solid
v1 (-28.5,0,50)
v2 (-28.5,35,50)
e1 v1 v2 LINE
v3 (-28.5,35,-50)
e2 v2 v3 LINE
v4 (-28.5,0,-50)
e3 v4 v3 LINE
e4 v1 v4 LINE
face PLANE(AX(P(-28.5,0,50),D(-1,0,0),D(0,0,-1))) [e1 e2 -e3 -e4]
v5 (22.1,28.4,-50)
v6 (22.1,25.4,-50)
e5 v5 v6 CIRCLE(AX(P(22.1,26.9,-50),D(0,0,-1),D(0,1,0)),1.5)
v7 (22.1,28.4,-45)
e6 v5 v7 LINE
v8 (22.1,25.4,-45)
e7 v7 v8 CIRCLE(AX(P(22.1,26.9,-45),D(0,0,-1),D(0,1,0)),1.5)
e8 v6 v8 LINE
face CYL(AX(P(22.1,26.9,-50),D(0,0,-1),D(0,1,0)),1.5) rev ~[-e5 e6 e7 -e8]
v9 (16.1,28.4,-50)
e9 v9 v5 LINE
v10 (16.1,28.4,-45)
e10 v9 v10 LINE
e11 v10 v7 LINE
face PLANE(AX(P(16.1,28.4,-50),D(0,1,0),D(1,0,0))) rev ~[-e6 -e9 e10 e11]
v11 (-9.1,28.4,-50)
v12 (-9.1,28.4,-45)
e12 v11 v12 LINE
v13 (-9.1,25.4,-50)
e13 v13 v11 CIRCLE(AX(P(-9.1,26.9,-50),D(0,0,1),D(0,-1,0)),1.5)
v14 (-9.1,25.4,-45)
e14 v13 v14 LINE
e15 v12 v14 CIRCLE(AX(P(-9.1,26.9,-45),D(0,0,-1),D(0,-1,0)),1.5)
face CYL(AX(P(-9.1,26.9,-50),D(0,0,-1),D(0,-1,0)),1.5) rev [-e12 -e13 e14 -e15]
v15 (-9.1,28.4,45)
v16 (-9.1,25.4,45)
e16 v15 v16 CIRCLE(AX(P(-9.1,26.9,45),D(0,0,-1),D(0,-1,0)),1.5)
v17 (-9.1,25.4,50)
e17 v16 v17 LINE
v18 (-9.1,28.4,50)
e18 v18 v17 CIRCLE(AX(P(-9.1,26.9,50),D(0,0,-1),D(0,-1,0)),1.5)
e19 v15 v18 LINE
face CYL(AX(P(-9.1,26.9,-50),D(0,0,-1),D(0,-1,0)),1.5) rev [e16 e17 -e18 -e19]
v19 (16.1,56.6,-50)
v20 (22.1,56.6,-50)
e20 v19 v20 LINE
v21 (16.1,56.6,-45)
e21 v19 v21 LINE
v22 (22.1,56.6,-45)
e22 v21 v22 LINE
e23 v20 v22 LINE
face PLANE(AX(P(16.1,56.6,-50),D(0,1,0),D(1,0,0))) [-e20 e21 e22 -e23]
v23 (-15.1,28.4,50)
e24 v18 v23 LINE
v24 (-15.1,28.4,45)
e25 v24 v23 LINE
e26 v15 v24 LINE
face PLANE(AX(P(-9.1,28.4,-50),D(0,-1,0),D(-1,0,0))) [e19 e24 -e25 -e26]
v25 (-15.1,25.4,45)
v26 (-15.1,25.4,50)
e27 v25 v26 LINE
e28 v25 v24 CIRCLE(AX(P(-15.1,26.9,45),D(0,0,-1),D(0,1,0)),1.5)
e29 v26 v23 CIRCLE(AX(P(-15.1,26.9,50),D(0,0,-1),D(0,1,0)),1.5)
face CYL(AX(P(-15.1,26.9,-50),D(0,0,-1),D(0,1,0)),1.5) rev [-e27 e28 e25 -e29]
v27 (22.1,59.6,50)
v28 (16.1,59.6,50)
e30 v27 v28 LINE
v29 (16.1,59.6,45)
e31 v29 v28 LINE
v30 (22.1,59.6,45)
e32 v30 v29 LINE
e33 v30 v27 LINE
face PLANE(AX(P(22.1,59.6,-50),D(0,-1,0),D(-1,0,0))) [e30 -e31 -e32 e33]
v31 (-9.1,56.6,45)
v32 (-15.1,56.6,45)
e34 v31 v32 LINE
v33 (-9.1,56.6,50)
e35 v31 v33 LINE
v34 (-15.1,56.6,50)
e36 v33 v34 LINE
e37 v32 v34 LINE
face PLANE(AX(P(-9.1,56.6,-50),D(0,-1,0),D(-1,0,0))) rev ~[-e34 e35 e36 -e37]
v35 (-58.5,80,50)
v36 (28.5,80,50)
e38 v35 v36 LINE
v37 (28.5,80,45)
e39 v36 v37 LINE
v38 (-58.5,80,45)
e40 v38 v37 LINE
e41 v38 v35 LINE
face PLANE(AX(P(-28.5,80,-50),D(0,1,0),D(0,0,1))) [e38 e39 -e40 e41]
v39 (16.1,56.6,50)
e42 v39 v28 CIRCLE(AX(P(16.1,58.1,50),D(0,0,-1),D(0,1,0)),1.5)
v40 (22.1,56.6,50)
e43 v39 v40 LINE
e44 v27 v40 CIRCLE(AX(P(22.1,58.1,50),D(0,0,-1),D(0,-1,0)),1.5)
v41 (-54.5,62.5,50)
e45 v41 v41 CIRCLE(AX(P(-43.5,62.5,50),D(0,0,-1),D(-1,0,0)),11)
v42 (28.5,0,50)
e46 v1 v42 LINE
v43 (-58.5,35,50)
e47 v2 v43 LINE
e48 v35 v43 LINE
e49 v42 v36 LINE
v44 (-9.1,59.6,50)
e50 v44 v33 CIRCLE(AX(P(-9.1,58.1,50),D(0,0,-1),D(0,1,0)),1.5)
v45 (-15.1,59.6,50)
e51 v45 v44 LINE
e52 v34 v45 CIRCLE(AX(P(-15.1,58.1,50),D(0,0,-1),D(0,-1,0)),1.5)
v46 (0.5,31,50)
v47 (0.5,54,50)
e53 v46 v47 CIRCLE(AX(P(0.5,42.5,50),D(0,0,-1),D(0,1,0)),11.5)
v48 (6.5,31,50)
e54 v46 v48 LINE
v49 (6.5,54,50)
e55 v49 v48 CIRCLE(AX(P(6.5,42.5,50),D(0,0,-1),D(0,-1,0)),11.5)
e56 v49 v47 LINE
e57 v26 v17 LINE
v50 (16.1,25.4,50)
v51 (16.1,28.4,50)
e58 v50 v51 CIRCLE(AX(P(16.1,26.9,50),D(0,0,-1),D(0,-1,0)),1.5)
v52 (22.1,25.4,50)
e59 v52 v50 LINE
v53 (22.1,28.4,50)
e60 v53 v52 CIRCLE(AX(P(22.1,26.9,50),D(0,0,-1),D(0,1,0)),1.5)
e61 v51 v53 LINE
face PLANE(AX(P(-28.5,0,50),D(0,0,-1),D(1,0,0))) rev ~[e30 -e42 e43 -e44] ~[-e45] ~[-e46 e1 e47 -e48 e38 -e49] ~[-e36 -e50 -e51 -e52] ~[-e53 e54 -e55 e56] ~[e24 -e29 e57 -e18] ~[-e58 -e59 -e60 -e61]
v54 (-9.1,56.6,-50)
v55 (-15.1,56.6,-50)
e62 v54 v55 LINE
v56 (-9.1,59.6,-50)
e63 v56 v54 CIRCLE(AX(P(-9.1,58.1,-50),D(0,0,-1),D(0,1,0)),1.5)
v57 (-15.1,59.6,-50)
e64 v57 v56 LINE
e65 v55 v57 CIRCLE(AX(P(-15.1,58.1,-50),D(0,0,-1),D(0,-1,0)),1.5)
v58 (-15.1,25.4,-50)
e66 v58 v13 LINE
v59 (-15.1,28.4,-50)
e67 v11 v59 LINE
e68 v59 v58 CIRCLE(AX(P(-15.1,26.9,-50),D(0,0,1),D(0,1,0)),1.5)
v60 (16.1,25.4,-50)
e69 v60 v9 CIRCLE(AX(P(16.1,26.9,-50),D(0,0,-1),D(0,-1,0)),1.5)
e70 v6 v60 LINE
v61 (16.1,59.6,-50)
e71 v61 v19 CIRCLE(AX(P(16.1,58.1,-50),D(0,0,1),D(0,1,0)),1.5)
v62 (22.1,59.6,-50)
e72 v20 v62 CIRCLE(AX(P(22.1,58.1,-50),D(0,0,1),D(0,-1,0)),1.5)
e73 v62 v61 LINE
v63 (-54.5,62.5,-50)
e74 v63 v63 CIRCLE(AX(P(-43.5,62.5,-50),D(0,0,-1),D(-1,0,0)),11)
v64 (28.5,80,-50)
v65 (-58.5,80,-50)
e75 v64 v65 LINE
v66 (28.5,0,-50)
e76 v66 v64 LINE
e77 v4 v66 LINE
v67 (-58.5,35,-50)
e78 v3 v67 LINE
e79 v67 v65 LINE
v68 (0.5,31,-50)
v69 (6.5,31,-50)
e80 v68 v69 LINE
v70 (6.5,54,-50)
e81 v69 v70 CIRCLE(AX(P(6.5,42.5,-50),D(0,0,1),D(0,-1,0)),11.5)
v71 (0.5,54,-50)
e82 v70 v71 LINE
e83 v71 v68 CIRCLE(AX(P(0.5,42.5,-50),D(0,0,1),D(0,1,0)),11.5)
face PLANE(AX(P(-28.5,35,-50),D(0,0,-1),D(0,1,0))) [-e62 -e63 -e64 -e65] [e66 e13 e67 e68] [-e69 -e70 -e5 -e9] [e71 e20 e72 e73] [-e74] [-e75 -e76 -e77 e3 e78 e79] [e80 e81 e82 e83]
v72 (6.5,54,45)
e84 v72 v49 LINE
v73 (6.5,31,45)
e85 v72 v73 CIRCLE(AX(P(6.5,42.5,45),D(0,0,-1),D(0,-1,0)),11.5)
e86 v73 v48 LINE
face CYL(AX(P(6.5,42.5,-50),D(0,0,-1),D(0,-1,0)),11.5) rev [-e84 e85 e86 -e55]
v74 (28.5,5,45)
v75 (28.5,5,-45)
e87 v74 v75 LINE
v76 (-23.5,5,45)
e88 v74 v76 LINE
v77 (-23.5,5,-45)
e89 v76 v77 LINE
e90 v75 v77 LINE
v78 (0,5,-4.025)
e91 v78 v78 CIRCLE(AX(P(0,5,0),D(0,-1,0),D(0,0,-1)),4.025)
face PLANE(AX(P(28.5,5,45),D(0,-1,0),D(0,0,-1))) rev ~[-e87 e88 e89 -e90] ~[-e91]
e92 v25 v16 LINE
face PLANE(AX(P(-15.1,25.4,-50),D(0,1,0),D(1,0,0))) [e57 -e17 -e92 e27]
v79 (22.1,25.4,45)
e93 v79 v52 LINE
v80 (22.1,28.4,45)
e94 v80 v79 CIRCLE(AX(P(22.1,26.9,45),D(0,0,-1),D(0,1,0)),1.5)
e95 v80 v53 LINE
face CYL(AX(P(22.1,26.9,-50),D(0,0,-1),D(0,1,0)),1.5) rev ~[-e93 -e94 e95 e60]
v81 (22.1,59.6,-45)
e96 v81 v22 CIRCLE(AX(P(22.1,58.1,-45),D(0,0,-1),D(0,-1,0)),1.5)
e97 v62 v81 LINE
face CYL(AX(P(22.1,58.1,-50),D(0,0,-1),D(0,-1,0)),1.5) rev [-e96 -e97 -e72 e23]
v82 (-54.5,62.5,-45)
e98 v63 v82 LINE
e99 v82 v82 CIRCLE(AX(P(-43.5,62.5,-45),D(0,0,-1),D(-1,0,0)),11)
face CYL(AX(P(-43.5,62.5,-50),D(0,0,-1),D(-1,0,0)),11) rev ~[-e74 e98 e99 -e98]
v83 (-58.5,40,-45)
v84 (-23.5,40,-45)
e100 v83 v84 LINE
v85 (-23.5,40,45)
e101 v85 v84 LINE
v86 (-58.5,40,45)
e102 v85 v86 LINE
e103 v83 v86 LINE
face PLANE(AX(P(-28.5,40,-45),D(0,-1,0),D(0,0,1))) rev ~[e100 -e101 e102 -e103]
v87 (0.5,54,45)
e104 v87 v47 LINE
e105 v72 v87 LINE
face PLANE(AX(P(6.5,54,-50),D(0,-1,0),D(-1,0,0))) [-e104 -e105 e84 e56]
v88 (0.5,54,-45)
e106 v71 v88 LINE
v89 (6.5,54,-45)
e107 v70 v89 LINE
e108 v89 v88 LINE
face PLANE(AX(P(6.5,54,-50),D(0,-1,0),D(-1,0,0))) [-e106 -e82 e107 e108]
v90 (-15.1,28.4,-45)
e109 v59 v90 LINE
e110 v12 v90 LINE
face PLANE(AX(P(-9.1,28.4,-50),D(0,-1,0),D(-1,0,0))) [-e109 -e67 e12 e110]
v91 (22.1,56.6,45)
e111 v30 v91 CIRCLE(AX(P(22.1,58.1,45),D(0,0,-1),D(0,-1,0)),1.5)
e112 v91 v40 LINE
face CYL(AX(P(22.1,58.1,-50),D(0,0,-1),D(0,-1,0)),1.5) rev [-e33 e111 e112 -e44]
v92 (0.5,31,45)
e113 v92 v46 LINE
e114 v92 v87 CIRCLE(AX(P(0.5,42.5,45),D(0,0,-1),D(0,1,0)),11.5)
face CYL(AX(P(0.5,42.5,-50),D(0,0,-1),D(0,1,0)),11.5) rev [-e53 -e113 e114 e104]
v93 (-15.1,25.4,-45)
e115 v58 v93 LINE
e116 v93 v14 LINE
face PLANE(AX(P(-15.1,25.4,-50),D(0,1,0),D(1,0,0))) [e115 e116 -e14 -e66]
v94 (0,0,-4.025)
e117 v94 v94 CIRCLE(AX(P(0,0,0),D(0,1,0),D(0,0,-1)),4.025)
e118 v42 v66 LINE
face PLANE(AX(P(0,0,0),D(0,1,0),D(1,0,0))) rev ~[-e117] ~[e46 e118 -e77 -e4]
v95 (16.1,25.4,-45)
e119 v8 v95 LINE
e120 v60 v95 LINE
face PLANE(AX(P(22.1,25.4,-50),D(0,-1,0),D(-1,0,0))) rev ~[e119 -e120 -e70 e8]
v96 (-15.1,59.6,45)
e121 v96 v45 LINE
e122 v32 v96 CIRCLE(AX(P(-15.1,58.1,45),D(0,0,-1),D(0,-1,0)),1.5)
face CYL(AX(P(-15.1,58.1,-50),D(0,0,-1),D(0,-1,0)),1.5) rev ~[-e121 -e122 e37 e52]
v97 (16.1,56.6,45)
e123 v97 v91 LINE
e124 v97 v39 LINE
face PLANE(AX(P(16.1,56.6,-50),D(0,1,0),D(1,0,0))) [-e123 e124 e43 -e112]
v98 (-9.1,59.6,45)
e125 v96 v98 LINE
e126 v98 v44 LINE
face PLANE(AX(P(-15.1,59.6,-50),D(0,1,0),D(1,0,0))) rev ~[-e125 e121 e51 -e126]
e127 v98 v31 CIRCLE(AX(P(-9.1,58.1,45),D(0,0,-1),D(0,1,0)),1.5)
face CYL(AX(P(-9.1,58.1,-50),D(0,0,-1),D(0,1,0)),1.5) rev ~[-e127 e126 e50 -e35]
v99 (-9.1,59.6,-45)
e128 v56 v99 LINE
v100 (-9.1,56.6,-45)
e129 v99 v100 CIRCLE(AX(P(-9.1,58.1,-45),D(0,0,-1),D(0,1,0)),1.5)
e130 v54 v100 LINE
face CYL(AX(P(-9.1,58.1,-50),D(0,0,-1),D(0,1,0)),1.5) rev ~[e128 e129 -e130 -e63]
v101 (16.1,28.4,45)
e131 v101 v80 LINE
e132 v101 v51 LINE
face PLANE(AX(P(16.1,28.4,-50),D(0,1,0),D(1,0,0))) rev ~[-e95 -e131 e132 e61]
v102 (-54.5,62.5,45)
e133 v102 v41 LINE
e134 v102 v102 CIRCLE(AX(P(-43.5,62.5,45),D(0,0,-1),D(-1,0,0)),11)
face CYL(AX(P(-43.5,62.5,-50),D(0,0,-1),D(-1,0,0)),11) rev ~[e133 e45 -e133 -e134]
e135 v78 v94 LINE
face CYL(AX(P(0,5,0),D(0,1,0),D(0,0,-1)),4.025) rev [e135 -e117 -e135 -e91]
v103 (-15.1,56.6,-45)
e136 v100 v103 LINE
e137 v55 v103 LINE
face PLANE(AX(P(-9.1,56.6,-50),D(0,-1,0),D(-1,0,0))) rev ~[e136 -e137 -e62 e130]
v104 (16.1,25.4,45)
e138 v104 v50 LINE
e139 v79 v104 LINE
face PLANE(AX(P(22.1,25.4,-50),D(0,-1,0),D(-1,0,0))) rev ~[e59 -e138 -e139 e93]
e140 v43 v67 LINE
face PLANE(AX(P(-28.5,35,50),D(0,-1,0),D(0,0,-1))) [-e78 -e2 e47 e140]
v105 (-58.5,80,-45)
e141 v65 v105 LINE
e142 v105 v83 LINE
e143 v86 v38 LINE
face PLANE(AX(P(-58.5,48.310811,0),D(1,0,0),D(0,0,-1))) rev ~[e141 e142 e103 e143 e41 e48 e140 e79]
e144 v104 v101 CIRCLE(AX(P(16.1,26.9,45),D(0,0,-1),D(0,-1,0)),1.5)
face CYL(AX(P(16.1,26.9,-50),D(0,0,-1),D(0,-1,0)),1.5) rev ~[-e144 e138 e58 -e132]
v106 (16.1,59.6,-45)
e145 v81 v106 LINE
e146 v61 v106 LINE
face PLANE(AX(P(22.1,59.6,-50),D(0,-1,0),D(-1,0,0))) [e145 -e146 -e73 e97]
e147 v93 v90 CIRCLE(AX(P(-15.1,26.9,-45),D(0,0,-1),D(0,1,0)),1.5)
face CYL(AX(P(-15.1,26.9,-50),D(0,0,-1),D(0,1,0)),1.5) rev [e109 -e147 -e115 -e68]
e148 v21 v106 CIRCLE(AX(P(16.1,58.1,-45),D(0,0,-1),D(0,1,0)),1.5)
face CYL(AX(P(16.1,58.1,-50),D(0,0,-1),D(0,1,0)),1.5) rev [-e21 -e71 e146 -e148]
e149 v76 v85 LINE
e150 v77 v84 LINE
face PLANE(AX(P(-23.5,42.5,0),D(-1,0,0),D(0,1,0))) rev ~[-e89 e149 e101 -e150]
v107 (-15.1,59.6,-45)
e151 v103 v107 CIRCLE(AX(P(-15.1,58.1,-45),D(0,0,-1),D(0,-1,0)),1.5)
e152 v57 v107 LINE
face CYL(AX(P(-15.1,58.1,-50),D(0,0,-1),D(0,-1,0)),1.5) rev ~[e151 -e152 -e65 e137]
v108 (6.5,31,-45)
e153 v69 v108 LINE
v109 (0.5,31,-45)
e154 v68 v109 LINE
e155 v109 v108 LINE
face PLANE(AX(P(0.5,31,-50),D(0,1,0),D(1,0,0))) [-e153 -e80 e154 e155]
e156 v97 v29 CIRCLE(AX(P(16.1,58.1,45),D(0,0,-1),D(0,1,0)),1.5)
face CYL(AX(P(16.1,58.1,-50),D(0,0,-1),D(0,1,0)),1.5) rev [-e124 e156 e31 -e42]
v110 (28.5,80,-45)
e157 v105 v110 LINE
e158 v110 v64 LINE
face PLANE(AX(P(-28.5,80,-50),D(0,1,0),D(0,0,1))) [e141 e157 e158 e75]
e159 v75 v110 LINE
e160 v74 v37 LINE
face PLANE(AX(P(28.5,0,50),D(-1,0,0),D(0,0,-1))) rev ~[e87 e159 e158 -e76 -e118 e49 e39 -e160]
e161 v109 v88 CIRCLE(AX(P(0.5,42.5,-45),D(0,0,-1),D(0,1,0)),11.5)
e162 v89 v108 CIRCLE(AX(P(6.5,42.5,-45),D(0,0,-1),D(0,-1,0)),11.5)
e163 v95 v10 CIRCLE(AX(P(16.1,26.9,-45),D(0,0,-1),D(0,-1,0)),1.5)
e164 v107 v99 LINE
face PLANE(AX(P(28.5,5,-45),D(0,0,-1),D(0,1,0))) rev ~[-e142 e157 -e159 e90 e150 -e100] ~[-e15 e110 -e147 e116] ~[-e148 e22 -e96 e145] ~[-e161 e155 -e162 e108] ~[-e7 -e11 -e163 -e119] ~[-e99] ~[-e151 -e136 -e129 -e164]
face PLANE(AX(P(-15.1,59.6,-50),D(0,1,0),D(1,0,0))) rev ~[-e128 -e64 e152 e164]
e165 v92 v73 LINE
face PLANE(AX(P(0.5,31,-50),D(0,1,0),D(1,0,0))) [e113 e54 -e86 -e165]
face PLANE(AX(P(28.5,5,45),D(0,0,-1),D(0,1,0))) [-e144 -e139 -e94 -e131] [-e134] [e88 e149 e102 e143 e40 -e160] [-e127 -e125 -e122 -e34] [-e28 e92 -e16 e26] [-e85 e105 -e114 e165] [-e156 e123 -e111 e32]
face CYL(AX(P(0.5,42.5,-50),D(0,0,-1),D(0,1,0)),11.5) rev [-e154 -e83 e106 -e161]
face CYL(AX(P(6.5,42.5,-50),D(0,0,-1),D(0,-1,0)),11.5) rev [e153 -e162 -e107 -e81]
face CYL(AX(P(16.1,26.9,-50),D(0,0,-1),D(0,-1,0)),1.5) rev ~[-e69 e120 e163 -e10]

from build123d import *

# Parameters (mm, degrees)
SKETCH1_W           = 57
SKETCH1_H           = 100
BOSS_EXTRUDE1_DEPTH = 80
SKETCH3_W           = 75
SKETCH3_H           = 90
CUT_EXTRUDE1_DEPTH  = 52
SKETCH4_R           = 4.025
CUT_EXTRUDE2_DEPTH  = 114.213294272
BOSS_EXTRUDE2_DEPTH = 30
CUT_EXTRUDE5_REACH  = 112.223
SKETCH8_W           = 90
SKETCH8_H           = 40
SKETCH5_R           = 11
CUT_EXTRUDE3_DEPTH  = 141.791512528


with BuildPart() as part:
    # Sketch1 → Boss-Extrude1 (new body)
    with BuildSketch(Plane(origin=(0, 0, 0), x_dir=(1, 0, 0), z_dir=(0, 1, 0))):
        Rectangle(SKETCH1_W, SKETCH1_H)
    extrude(amount=BOSS_EXTRUDE1_DEPTH)

    # Sketch3 → Cut-Extrude1 (cut)
    with BuildSketch(Plane(origin=(28.5, 40, 0), x_dir=(0, 1, 0), z_dir=(-1, 0, 0))):
        with Locations((2.5, 0)):
            Rectangle(SKETCH3_W, SKETCH3_H)
    extrude(amount=CUT_EXTRUDE1_DEPTH, mode=Mode.SUBTRACT)

    # Sketch4 → Cut-Extrude2 (cut, through all)
    with BuildSketch(Plane(origin=(-40, 5, 0), x_dir=(-1, 0, 0), z_dir=(0, -1, 0))):
        with Locations(Location((-40, 0, 0), (0, 0, 90))):
            Circle(SKETCH4_R)
    extrude(amount=CUT_EXTRUDE2_DEPTH, mode=Mode.SUBTRACT)

    # Sketch7 → Boss-Extrude2 (add)
    with BuildSketch(Plane.ZY.offset(28.5)):
        Polygon((-50, 80), (-45, 80), (-45, 40), (45, 40), (45, 80), (50, 80), (50, 35), (-50, 35), align=None)
    extrude(amount=BOSS_EXTRUDE2_DEPTH)

    # Sketch8 → Cut-Extrude5 (cut, up to next)
    with BuildSketch(Plane.ZY.offset(28.5), mode=Mode.PRIVATE) as cut_extrude5_sk1:
        with Locations((0, 60)):
            Rectangle(SKETCH8_W, SKETCH8_H)
    cut_extrude5_tool1 = extrude(cut_extrude5_sk1.sketch, amount=-CUT_EXTRUDE5_REACH, mode=Mode.PRIVATE) & part.part
    add(cut_extrude5_tool1.solids().sort_by_distance((-28.5, 60, 0))[0], mode=Mode.SUBTRACT)

    # Sketch5 → Cut-Extrude3 (cut, through all)
    with BuildSketch(Plane(origin=(0, 0, -50), x_dir=(-1, 0, 0), z_dir=(0, 0, -1))):
        with Locations((43.5, 62.5)):
            Circle(SKETCH5_R)
        with BuildLine():
            Line((-22.1, 59.6), (-16.1, 59.6))
            ThreePointArc((-16.1, 59.6), (-14.6, 58.1), (-16.1, 56.6))
            Line((-16.1, 56.6), (-22.1, 56.6))
            ThreePointArc((-22.1, 56.6), (-23.6, 58.1), (-22.1, 59.6))
        make_face()
        with BuildLine():
            Line((-0.5, 31), (-6.5, 31))
            ThreePointArc((-6.5, 31), (-18, 42.5), (-6.5, 54))
            Line((-6.5, 54), (-0.5, 54))
            ThreePointArc((-0.5, 54), (11, 42.5), (-0.5, 31))
        make_face()
        with BuildLine():
            Line((-22.1, 25.4), (-16.1, 25.4))
            ThreePointArc((-16.1, 25.4), (-14.6, 26.9), (-16.1, 28.4))
            Line((-16.1, 28.4), (-22.1, 28.4))
            ThreePointArc((-22.1, 28.4), (-23.6, 26.9), (-22.1, 25.4))
        make_face()
        with BuildLine():
            Line((15.1, 25.4), (9.1, 25.4))
            ThreePointArc((9.1, 25.4), (7.6, 26.9), (9.1, 28.4))
            Line((9.1, 28.4), (15.1, 28.4))
            ThreePointArc((15.1, 28.4), (16.6, 26.9), (15.1, 25.4))
        make_face()
        with BuildLine():
            Line((15.1, 59.6), (9.1, 59.6))
            ThreePointArc((9.1, 59.6), (7.6, 58.1), (9.1, 56.6))
            Line((9.1, 56.6), (15.1, 56.6))
            ThreePointArc((15.1, 56.6), (16.6, 58.1), (15.1, 59.6))
        make_face()
    extrude(amount=-CUT_EXTRUDE3_DEPTH, mode=Mode.SUBTRACT)


solid = part.part
